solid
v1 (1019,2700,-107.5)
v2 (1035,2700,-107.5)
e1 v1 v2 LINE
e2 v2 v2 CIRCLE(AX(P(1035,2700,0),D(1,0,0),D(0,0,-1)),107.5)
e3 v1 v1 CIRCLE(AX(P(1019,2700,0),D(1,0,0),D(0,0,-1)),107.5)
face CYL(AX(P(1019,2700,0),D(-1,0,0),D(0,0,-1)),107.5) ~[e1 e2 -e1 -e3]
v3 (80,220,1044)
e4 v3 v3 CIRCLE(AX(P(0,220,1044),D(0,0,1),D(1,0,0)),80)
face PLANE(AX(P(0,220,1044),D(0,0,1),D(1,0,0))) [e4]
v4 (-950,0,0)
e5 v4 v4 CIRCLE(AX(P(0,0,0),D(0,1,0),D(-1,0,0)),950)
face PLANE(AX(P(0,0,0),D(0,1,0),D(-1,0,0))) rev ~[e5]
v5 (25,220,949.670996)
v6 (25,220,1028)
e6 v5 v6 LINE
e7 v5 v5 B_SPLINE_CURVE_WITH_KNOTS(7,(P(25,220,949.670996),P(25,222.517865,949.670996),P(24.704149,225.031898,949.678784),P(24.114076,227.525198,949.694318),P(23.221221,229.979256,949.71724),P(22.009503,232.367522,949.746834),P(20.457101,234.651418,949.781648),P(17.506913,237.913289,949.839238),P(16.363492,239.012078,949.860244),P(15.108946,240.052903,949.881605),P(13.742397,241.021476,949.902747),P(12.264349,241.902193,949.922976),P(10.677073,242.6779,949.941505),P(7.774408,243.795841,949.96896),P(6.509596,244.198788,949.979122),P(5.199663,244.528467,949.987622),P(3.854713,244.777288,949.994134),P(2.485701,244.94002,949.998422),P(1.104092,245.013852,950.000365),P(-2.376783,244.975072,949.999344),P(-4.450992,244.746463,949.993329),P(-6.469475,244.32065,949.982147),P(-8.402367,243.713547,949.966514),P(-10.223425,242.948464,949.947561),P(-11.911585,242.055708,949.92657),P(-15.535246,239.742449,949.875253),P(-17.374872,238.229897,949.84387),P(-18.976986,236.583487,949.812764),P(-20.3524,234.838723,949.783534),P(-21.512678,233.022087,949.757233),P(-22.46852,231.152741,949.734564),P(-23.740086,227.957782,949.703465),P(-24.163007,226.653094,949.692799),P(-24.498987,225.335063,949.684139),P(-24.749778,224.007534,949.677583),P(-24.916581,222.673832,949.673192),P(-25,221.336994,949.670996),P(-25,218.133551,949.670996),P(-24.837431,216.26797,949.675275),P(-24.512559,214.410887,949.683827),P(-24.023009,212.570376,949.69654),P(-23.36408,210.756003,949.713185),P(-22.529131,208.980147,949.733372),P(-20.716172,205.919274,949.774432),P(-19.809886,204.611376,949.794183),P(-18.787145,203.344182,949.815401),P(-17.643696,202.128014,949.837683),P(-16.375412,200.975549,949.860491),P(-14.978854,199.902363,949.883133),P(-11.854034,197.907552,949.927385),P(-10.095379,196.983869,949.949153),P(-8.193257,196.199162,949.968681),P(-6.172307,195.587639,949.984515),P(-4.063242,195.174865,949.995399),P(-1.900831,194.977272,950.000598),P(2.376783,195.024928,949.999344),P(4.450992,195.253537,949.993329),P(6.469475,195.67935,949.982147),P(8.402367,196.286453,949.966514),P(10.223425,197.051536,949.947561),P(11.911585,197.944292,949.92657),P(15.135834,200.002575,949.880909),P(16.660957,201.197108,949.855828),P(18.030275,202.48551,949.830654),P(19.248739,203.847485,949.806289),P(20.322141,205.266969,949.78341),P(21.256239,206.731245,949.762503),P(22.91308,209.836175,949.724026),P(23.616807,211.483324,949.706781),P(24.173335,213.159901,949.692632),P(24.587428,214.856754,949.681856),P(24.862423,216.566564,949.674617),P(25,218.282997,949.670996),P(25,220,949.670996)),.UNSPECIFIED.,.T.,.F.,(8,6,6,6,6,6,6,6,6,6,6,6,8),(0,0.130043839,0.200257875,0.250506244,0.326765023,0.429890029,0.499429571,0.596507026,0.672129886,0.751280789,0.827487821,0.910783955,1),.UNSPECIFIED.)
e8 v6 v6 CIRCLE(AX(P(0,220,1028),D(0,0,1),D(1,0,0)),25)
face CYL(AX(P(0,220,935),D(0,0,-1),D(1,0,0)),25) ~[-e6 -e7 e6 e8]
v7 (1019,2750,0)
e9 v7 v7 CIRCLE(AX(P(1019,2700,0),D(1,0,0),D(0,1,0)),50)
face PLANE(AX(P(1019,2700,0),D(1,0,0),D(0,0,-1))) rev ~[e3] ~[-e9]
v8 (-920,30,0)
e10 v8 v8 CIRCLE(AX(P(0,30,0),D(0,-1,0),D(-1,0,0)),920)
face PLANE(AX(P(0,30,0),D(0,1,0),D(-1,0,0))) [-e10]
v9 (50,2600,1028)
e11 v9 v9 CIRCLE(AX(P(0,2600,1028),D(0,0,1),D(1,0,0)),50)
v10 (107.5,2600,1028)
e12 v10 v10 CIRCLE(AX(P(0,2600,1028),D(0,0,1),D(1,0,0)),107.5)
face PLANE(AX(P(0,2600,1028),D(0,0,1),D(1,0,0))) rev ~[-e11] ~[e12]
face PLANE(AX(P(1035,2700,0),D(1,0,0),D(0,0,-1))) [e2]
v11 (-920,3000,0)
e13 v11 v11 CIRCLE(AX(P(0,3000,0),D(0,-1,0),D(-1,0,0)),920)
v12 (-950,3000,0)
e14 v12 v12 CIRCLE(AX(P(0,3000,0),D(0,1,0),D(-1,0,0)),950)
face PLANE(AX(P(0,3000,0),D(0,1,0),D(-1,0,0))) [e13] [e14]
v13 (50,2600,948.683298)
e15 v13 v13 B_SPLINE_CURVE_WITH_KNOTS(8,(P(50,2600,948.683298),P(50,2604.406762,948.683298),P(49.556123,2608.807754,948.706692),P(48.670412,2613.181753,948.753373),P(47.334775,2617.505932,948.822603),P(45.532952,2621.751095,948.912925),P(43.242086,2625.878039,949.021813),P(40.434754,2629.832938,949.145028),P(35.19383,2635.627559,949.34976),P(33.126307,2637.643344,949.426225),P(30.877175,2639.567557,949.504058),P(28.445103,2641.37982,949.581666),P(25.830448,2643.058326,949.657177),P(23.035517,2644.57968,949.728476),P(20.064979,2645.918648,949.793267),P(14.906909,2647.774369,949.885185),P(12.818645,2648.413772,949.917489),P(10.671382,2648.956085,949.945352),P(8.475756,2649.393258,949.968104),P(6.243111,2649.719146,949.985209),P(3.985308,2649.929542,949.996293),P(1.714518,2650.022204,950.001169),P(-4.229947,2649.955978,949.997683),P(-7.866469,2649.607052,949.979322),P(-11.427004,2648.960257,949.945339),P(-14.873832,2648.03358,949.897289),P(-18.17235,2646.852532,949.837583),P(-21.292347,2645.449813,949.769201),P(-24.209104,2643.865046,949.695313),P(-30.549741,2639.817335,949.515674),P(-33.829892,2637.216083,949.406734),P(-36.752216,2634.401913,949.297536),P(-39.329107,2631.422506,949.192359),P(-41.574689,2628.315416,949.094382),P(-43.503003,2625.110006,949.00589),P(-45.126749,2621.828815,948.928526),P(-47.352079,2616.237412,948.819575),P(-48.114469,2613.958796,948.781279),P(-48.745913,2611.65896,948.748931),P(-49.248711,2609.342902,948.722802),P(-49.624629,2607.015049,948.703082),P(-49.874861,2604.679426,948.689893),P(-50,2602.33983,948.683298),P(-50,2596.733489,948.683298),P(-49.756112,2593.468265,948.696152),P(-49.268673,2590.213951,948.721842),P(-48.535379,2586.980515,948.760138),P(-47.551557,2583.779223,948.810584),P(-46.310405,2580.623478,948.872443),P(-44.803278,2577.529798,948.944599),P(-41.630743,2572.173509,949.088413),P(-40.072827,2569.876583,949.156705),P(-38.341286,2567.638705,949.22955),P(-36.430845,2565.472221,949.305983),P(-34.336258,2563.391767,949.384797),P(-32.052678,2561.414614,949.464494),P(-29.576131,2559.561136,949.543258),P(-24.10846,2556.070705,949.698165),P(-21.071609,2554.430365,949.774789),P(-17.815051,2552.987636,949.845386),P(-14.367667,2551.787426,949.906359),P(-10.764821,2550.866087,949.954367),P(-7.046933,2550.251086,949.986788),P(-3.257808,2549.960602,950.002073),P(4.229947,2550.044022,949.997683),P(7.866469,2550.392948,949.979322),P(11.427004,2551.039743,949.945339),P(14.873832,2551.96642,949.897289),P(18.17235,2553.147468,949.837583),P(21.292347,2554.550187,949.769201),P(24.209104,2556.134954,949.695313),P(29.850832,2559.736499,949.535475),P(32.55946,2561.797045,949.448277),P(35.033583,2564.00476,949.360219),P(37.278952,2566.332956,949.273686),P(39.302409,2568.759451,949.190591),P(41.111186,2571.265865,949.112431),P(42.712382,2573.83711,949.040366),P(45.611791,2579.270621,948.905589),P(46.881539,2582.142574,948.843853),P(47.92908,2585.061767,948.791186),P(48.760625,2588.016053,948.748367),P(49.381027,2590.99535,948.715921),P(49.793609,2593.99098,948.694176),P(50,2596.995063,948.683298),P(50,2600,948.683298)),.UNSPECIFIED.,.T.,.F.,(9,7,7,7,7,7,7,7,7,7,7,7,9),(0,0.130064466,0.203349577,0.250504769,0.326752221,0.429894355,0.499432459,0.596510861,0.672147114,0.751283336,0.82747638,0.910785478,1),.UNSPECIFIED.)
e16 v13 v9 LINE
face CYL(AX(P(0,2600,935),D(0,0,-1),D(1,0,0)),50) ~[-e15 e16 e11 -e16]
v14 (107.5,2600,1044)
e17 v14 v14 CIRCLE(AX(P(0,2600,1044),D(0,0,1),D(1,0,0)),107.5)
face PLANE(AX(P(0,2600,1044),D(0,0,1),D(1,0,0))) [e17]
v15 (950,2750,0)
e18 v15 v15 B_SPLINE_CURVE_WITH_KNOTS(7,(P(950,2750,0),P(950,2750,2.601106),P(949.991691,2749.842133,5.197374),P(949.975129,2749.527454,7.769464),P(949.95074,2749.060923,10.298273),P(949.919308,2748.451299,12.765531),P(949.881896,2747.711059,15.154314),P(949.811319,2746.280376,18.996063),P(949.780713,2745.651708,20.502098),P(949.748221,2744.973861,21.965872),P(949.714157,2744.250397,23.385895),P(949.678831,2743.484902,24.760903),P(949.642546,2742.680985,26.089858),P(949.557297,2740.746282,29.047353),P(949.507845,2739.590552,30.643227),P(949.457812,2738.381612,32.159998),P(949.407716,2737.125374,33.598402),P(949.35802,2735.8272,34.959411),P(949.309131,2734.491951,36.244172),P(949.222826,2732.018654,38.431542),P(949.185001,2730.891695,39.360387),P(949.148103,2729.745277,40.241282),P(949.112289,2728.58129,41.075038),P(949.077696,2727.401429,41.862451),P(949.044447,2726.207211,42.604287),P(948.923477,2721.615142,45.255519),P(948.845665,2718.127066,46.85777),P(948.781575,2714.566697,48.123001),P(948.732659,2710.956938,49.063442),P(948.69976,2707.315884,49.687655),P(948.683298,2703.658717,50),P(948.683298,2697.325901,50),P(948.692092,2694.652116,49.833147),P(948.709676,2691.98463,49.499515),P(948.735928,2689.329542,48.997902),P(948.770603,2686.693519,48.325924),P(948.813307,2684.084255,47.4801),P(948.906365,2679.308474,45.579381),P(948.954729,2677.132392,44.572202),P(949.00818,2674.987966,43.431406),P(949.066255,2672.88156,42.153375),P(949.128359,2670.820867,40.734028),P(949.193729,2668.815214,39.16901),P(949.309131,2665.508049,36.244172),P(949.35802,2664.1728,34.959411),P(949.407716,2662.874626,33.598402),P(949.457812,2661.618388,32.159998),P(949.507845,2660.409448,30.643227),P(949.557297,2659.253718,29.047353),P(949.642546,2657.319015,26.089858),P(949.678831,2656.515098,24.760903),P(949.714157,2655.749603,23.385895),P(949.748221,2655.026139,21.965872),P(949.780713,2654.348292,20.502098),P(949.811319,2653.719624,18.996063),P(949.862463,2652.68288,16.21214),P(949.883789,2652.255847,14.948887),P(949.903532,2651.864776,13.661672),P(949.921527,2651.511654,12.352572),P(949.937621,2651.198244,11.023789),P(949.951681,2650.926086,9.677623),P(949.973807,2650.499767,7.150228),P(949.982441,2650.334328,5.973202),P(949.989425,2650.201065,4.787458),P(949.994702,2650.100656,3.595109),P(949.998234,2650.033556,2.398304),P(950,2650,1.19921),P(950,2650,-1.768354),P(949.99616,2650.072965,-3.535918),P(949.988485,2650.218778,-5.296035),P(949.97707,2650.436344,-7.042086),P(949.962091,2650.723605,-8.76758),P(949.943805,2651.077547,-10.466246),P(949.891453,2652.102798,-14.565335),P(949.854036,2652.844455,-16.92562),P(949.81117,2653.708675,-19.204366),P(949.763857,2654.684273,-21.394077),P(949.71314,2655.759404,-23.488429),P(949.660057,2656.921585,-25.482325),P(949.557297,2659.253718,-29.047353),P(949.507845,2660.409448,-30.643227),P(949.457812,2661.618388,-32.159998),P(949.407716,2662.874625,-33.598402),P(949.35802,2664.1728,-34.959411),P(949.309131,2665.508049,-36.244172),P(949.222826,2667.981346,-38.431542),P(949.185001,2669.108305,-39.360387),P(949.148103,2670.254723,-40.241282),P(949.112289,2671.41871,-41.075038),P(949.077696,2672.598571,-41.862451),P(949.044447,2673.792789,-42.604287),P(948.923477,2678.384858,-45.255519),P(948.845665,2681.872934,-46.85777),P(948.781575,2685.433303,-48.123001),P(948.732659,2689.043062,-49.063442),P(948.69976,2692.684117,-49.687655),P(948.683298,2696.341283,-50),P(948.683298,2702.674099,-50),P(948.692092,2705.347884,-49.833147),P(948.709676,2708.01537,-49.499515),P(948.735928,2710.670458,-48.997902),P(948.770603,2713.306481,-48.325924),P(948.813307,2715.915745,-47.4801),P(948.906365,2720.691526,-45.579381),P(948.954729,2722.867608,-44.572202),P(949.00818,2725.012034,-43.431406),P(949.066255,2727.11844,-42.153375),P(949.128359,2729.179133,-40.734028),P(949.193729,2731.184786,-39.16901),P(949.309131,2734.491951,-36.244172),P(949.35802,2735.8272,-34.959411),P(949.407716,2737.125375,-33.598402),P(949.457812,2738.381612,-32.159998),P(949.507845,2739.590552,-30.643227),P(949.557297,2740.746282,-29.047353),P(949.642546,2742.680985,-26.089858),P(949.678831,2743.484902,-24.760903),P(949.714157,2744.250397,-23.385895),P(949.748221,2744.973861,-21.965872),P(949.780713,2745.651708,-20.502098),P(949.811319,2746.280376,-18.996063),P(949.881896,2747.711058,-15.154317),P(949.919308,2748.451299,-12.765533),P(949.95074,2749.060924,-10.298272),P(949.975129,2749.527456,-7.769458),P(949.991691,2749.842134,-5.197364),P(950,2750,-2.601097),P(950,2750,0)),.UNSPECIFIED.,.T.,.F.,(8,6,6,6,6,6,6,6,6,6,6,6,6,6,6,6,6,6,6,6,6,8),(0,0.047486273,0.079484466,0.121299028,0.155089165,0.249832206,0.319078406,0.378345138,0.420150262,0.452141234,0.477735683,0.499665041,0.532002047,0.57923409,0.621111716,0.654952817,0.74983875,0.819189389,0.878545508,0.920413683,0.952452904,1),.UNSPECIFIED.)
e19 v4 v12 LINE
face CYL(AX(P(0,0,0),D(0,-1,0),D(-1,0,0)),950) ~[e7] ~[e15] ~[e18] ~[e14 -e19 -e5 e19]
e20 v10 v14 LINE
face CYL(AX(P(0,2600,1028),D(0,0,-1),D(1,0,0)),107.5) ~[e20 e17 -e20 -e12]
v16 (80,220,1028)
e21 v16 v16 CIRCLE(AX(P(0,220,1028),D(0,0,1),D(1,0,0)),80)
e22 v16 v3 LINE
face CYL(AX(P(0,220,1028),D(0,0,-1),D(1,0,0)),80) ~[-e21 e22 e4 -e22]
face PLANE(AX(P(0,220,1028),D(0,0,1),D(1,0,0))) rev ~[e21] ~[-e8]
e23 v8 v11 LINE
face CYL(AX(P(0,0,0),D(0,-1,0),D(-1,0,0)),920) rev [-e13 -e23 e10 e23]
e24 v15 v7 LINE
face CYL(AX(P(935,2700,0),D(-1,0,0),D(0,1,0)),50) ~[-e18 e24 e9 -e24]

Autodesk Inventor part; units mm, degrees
ref_plane "XZ Plane" through (0, 0, 0) normal (0, 1, 0) x (-1, 0, 0)
sketch "Sketch1" plane through (0, 0, 0) normal (0, 1, 0) x (-1, 0, 0)
  circle A0 centre (0, 0) radius 950
  dimension "d0" = 1900
extrude "Extrusion1" add sketch "Sketch1" along normal blind 3000
shell "Shell1" thickness 30 removed faces 1 at (-141.3202, 3000, -425.0369)
ref_plane "Work Plane1" through (0, 0, 935) normal (0, 0, 1) x (1, 0, 0)
sketch "Sketch2" plane through (0, 0, 935) normal (0, 0, 1) x (1, 0, 0)
  circle A0 centre (0, 220) radius 25
  line L0 (950, 0) -> (-950, 0) projected
  point P0 (0, 0)
  point P1 (0, 0)
  dimension "d5" = 50
  dimension "d7" = 220
extrude "Extrusion2" add sketch "Sketch2" along normal blind 93
sketch "Sketch4" plane through (0, 0, 935) normal (0, 0, 1) x (1, 0, 0)
  circle A0 centre (0, 2600) radius 50
  point P0 (0, 0)
  dimension "d12" = 100
  dimension "d13" = 2600
extrude "Extrusion3" add sketch "Sketch4" along normal blind 93
ref_plane "Work Plane3" through (935, 0, 0) normal (1, 0, 0) x (0, 1, 0)
sketch "Sketch5" plane through (935, 0, 0) normal (1, 0, 0) x (0, 1, 0)
  circle A0 centre (2700, 0) radius 50
  point P0 (0, 0)
  dimension "d17" = 100
  dimension "d18" = 2700
extrude "Extrusion4" add sketch "Sketch5" along normal blind 84
sketch "Sketch6" plane through (1019, 2700, 0) normal (1, 0, 0) x (0, 0, -1)
  circle A0 centre (0, 0) radius 107.5
  circle A1 centre (0, 0) radius 50 projected
  point P0 (0, -2700)
  dimension "d21" = 215
extrude "Extrusion5" add sketch "Sketch6" along normal blind 16 contours A0 | A1
sketch "Sketch7" plane through (0, 2600, 1028) normal (0, 0, 1) x (1, 0, 0)
  circle A0 centre (0, 0) radius 50 projected
  circle A1 centre (0, 0) radius 107.5
  point P0 (0, -2600)
  dimension "d24" = 215
extrude "Extrusion6" add sketch "Sketch7" along normal blind 16 contours A0 | A1
sketch "Sketch8" plane through (0, 220, 1028) normal (0, 0, 1) x (1, 0, 0)
  circle A0 centre (0, 0) radius 25 projected
  circle A1 centre (0, 0) radius 80
  point P0 (0, -220)
  dimension "d27" = 160
extrude "Extrusion7" add sketch "Sketch8" along normal blind 16 contours A0 | A1
properties part number "Резервуар сбора осветленной воды"
